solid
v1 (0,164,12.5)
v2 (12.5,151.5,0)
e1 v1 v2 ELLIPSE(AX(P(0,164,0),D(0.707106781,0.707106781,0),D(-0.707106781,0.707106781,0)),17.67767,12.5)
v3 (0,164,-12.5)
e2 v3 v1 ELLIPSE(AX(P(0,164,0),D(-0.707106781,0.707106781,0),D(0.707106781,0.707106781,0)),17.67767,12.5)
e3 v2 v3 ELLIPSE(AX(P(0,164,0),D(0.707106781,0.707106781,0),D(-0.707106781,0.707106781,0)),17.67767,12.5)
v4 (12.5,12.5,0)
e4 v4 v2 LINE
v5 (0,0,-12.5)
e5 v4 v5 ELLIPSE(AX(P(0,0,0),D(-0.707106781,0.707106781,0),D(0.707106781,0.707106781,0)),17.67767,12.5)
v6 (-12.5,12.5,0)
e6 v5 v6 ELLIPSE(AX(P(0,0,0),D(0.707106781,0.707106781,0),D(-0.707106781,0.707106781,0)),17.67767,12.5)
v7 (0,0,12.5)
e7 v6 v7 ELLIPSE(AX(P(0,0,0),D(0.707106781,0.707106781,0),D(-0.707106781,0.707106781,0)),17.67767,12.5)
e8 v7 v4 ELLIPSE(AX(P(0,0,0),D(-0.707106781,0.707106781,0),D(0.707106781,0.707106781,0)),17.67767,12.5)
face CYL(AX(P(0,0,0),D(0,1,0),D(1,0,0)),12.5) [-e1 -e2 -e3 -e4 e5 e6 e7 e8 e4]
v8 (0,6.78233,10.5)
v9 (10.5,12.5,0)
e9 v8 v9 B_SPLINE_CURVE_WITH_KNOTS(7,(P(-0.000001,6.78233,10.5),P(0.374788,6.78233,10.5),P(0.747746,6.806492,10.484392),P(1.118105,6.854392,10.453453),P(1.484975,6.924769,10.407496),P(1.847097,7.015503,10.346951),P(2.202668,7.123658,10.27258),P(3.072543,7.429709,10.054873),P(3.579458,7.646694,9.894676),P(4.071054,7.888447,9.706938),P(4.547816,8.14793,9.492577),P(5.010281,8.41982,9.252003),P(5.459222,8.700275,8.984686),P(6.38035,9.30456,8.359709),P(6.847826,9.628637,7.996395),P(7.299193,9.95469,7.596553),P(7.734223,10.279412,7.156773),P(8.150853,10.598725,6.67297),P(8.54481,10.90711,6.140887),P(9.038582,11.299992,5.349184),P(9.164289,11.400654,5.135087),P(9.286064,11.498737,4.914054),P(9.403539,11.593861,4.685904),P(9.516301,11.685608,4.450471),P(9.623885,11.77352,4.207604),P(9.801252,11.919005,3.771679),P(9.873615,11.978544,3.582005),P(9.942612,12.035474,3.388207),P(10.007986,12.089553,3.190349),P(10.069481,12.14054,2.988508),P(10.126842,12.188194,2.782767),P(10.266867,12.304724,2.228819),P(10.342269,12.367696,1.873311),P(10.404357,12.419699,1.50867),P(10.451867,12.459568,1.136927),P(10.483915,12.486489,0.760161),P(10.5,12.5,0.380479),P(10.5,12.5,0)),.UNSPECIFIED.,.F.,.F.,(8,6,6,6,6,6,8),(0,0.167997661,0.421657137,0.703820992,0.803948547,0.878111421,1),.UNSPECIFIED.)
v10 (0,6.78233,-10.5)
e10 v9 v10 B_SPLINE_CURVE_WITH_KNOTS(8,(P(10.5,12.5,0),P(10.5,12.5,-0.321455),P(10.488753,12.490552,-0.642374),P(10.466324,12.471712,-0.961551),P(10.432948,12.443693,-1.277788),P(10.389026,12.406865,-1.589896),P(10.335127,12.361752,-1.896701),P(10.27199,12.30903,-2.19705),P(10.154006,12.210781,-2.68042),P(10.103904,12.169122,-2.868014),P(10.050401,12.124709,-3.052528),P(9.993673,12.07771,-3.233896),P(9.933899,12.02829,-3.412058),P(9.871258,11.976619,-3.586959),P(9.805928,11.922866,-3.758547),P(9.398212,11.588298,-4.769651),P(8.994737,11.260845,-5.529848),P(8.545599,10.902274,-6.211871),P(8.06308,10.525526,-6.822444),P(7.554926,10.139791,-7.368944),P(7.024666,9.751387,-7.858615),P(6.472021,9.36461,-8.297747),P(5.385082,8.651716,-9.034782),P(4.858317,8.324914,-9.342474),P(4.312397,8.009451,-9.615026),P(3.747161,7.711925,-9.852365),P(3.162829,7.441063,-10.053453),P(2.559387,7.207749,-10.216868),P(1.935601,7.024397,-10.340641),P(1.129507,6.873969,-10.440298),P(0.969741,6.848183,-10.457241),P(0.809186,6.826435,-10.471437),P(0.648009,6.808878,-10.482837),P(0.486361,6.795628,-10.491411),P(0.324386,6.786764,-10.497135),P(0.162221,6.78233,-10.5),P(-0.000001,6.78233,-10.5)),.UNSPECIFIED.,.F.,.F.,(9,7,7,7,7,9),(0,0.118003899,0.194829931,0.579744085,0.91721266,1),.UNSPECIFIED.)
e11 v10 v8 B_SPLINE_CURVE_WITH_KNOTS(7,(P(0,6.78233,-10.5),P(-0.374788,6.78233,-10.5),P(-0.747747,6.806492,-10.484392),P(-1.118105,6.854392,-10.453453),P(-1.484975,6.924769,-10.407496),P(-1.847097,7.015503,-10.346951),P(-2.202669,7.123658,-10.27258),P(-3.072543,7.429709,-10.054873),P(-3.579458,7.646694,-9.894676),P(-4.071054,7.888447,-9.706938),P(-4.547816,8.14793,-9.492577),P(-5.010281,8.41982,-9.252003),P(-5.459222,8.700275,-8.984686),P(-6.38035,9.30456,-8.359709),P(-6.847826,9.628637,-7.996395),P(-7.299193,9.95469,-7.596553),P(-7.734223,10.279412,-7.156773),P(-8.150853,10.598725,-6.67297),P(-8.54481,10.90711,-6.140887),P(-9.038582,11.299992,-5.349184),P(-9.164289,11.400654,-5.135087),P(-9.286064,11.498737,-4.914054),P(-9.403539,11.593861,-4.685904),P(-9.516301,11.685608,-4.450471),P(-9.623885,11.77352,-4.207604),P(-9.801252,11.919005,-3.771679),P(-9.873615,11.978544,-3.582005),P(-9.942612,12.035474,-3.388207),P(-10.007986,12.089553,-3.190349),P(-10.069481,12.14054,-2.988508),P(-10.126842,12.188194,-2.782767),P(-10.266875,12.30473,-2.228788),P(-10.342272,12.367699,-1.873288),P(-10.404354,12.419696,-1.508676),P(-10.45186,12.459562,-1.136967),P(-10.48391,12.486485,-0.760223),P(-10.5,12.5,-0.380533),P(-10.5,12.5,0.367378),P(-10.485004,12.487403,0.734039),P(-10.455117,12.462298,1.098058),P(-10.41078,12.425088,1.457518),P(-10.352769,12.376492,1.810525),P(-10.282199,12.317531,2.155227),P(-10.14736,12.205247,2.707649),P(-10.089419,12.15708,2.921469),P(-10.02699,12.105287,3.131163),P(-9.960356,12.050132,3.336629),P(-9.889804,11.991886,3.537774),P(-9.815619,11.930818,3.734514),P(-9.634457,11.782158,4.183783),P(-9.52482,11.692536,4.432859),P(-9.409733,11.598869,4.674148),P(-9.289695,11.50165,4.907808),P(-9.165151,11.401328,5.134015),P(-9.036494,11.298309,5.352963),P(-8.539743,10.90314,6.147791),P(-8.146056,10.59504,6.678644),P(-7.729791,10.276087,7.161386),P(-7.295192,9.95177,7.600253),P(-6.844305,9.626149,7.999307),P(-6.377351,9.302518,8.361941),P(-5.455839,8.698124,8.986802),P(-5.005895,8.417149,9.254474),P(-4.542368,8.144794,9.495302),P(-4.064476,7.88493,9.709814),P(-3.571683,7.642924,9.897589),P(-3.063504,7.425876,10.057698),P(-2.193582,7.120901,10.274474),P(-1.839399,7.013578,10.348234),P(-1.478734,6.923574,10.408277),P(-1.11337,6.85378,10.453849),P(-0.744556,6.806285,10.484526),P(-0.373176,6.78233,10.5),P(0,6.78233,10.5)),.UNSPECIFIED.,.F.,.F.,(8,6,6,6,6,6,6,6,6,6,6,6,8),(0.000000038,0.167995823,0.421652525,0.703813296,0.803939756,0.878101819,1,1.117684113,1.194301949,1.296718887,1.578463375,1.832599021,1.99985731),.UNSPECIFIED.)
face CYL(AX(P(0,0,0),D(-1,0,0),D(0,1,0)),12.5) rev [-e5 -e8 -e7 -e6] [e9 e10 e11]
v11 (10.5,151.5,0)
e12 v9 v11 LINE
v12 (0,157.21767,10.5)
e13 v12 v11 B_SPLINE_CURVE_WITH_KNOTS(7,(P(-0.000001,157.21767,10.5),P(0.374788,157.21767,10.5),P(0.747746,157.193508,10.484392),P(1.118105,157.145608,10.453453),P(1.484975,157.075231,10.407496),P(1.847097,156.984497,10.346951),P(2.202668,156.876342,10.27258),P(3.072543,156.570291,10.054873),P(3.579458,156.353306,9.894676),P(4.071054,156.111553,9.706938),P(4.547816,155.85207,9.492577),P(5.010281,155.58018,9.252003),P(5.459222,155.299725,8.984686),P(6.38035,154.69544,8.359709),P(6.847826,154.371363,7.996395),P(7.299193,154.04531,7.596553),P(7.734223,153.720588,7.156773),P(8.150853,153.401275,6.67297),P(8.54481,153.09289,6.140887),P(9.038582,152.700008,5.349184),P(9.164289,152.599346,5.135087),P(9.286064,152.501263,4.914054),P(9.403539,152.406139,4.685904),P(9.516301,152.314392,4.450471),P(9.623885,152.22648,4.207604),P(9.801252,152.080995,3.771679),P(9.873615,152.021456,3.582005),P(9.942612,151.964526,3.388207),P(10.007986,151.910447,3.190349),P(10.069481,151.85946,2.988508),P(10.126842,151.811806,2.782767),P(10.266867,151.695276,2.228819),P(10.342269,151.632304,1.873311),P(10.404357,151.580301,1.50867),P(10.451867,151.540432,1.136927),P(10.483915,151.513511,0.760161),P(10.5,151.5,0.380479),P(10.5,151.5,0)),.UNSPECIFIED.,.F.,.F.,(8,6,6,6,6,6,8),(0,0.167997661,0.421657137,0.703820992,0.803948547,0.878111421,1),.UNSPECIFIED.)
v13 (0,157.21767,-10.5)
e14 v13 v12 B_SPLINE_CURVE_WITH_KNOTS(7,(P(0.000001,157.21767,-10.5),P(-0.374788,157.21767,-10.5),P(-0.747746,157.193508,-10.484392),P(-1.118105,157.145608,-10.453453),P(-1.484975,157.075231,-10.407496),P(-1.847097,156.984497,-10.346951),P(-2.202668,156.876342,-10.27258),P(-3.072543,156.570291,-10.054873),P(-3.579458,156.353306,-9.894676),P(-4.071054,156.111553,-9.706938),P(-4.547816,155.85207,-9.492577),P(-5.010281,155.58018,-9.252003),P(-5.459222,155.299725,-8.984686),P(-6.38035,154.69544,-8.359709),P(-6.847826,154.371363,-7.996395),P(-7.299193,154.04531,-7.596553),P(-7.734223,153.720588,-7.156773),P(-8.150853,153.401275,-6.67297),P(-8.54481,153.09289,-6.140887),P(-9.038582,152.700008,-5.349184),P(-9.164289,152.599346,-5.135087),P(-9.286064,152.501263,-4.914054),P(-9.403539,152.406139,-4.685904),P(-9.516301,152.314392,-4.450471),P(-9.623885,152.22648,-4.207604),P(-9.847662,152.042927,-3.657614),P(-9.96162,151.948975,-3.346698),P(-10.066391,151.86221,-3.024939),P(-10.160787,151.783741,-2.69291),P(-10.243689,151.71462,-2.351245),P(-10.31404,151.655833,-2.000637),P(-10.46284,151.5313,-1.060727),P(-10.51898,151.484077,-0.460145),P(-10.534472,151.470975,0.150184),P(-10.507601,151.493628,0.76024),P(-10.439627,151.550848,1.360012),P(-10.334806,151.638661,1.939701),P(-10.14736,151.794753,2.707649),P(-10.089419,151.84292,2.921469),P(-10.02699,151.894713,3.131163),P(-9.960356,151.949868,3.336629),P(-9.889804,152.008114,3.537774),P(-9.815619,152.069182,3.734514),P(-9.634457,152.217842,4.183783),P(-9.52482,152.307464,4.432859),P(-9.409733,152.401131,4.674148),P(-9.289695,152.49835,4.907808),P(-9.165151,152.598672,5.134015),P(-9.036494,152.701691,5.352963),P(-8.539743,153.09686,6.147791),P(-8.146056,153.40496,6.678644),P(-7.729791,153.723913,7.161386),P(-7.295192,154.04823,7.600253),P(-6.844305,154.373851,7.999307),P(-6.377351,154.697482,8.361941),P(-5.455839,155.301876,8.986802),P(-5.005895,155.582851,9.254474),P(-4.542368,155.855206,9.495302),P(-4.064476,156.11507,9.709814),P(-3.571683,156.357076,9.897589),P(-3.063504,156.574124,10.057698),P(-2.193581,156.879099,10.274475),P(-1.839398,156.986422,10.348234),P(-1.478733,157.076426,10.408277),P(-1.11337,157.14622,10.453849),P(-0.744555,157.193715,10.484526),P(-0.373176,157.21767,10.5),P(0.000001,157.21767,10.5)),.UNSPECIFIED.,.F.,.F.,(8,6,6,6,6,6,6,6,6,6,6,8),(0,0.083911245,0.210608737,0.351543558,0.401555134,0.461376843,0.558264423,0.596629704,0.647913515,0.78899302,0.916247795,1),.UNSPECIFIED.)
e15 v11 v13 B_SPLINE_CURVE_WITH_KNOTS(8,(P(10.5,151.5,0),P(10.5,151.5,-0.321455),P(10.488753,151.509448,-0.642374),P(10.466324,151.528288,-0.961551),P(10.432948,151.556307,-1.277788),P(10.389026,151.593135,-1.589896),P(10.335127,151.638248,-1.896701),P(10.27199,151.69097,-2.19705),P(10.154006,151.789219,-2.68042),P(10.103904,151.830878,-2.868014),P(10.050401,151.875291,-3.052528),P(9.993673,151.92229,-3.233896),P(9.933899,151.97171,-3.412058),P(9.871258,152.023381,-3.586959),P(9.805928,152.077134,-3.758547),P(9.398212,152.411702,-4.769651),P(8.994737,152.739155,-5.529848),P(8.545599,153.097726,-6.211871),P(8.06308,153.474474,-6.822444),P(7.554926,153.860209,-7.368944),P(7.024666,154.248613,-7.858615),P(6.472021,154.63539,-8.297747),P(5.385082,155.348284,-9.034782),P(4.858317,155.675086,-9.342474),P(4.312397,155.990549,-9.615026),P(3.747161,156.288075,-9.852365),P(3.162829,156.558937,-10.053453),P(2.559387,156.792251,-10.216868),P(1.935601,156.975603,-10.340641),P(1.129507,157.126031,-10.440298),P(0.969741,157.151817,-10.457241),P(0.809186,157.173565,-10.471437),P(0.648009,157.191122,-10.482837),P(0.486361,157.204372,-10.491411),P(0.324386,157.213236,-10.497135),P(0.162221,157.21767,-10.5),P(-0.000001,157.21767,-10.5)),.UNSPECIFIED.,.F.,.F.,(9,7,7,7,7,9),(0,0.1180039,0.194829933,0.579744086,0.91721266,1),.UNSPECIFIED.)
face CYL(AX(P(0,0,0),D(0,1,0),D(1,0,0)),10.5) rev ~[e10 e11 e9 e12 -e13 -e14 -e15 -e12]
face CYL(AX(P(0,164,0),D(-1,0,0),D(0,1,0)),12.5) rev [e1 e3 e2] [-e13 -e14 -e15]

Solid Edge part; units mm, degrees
sketch "Sketch1" plane through (0, 0, 0) normal (0, 0, 1) x (1, 0, 0)
  line L0 (0, 0) -> (0, 164)
  dimension "D1" = 164
sketch "Sketch2" plane through (0, 0, 0) normal (0, -1, 0) x (1, 0, 0)
  circle A0 centre (0, 0) radius 12.5
sweep "SweptProtrusion_1" add profiles "Sketch2" path "Sketch1"
shell "Thinwall_1" thickness 2 removed faces 2 at (-8.0833, 0, 8.5833) at (-8.0833, 164, 8.5833)
sketch "Sketch3" plane through (0, 0, 0) normal (1, 0, 0) x (0, 1, 0)
  circle A0 centre (0, 0) radius 12.5
  circle A1 centre (164, 0) radius 12.5
extrude "Cutout1" cut sketch "Sketch3" along normal through all and the other way through all
properties material "Stainless steel"
